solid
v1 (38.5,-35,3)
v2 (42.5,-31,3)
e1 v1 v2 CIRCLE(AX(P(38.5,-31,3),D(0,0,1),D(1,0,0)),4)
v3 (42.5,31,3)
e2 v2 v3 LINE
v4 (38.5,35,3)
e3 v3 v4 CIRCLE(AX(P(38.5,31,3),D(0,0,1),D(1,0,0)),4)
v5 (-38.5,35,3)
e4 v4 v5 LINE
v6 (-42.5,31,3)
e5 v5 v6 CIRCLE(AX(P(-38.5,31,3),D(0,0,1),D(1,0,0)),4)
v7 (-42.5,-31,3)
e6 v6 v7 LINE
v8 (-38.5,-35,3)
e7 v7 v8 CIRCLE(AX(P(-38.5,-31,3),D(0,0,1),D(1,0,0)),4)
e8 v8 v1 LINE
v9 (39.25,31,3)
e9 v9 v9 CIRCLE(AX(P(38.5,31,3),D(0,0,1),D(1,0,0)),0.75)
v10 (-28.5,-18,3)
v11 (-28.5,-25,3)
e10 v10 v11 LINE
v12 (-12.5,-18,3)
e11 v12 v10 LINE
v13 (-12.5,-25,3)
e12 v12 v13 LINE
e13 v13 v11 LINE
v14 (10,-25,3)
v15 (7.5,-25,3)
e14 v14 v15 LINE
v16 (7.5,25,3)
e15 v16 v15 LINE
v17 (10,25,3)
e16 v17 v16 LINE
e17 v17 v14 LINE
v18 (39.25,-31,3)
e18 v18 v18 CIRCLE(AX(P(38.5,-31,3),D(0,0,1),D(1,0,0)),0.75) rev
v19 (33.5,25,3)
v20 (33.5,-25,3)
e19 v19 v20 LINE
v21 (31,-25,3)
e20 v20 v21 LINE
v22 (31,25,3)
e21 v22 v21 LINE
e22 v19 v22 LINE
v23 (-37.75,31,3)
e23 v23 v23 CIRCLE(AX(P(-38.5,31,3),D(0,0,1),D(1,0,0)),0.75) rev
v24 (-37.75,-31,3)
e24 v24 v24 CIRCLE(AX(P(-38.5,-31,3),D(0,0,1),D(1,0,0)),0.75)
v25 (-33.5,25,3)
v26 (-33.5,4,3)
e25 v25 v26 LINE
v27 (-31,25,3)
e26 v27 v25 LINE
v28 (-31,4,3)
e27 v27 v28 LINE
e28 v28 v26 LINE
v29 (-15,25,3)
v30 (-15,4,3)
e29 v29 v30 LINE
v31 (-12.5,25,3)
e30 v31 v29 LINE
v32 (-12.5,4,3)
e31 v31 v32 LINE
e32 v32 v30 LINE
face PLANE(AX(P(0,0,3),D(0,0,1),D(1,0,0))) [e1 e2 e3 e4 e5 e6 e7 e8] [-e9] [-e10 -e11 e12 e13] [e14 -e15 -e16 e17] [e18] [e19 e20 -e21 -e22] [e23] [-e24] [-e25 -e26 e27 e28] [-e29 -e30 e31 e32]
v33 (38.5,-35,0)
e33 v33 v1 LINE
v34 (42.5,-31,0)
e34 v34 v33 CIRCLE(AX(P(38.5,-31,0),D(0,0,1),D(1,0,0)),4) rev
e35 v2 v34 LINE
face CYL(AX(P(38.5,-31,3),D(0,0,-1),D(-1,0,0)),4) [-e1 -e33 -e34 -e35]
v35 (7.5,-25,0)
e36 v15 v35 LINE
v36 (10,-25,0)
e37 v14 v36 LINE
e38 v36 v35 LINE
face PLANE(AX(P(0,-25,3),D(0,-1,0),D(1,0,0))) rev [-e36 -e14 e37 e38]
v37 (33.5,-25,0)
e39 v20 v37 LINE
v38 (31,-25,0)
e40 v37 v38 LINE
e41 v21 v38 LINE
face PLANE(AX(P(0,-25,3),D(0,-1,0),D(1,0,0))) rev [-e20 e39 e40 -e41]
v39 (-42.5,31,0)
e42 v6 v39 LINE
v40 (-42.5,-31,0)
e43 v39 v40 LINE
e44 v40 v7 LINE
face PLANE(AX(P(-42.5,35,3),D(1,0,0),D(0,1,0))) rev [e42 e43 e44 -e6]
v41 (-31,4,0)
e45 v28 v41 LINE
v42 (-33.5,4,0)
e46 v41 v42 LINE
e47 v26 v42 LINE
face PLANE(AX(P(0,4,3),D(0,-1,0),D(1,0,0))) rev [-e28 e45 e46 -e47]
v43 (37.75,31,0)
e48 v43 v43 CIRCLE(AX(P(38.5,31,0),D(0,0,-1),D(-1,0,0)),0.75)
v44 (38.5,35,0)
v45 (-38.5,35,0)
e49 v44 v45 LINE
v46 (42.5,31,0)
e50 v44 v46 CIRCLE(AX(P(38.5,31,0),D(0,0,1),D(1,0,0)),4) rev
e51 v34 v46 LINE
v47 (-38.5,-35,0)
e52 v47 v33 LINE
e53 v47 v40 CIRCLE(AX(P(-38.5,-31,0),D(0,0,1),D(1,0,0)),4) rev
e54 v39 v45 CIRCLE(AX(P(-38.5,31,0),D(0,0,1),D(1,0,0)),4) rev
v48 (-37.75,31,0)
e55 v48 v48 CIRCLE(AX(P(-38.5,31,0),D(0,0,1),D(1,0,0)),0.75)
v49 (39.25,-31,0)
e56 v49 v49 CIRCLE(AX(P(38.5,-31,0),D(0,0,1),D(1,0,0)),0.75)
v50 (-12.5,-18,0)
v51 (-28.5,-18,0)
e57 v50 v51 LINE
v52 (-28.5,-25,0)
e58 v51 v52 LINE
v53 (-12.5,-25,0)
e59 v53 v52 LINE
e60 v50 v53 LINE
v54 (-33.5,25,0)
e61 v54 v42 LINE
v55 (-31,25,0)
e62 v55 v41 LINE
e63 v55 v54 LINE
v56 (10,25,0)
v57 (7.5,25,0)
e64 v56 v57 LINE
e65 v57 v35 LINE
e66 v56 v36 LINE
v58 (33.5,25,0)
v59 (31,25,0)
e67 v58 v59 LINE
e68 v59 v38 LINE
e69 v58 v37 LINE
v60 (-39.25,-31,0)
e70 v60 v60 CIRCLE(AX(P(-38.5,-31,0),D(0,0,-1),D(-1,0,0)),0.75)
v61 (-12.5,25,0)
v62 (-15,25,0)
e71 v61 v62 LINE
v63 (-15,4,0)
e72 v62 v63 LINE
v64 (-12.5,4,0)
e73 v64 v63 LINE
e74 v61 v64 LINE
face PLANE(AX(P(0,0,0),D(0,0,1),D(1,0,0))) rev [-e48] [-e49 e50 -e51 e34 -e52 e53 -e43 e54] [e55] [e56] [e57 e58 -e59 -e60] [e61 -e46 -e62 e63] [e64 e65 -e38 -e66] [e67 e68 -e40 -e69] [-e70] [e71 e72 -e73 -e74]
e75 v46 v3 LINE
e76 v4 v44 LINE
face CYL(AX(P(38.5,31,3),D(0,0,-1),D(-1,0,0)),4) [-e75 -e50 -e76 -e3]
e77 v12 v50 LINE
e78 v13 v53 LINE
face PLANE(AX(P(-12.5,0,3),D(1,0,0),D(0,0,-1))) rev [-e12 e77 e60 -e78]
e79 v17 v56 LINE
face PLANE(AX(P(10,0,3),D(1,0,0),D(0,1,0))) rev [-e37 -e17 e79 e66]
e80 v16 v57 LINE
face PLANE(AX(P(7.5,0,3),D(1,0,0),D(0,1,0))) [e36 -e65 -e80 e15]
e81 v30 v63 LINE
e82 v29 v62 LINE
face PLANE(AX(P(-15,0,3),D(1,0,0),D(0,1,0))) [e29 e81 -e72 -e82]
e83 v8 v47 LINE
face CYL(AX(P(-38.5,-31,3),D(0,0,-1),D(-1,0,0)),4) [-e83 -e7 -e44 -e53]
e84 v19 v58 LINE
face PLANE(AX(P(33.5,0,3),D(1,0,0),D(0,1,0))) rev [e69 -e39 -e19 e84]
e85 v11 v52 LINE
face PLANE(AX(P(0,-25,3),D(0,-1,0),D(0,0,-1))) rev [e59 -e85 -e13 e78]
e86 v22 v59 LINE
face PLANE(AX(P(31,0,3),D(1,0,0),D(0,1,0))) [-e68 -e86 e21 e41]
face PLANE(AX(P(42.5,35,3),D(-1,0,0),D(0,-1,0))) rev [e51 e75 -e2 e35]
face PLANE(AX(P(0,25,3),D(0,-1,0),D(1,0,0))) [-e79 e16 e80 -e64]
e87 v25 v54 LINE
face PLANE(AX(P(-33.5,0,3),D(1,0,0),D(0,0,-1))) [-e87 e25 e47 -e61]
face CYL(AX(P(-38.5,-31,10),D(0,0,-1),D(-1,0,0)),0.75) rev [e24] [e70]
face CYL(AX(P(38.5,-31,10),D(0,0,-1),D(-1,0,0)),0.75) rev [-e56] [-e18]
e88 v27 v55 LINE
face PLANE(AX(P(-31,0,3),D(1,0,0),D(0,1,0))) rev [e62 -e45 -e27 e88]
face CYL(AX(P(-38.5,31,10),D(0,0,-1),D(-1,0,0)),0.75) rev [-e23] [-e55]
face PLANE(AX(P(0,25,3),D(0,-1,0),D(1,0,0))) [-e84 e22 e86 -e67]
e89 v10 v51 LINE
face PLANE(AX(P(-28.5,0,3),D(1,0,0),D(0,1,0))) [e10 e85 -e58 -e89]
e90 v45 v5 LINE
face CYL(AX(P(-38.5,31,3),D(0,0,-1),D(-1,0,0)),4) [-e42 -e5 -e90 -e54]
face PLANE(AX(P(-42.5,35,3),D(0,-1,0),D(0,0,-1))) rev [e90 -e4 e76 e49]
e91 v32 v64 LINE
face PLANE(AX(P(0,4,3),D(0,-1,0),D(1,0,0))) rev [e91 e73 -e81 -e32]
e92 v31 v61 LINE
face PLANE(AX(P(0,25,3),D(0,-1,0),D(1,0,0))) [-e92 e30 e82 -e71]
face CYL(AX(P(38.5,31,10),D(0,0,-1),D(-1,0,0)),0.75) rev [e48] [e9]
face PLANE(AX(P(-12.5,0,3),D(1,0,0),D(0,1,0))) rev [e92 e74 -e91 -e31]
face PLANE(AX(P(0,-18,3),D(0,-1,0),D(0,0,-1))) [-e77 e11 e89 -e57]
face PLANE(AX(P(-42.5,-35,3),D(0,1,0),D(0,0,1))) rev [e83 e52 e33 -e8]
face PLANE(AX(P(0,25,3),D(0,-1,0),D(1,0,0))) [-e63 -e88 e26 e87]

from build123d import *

# Parameters (mm, degrees)
SKETCH1_W           = 85
SKETCH1_H           = 70
BOSS_EXTRUDE1_DEPTH = 3
SKETCH2_W           = 2.5
SKETCH2_H           = 50
SKETCH2_H_2         = 21
SKETCH2_W_2         = 16
SKETCH2_H_3         = 7
CUT_EXTRUDE1_DEPTH  = 56.138462075
FILLET1_R           = 4
SKETCH4_R           = 0.75
CUT_EXTRUDE3_DEPTH  = 10


with BuildPart() as part:
    # Sketch1 → Boss-Extrude1 (new body)
    with BuildSketch(Plane.XY):
        Rectangle(SKETCH1_W, SKETCH1_H)
    extrude(amount=BOSS_EXTRUDE1_DEPTH)

    # Sketch2 → Cut-Extrude1 (cut, through all)
    with BuildSketch(Plane(origin=(0, 0, 0), x_dir=(-1, 0, 0), z_dir=(0, 0, -1))):
        with Locations((-32.25, 0)):
            Rectangle(SKETCH2_W, SKETCH2_H)
        with Locations((-8.75, 0)):
            Rectangle(SKETCH2_W, SKETCH2_H)
        with Locations((13.75, 14.5)):
            Rectangle(SKETCH2_W, SKETCH2_H_2)
        with Locations((32.25, 14.5)):
            Rectangle(SKETCH2_W, SKETCH2_H_2)
        with Locations((20.5, -21.5)):
            Rectangle(SKETCH2_W_2, SKETCH2_H_3)
    extrude(amount=-CUT_EXTRUDE1_DEPTH, mode=Mode.SUBTRACT)

    # Fillet1
    fillet1_edges = [part.edges().sort_by_distance(p)[0] for p in [
        (42.5, -35, 1.5),
        (-42.5, -35, 1.5),
        (-42.5, 35, 1.5),
        (42.5, 35, 1.5),
    ]]
    fillet(fillet1_edges, radius=FILLET1_R)

    # Sketch4 → Cut-Extrude3 (cut)
    with BuildSketch(Plane(origin=(0, 0, 0), x_dir=(-1, 0, 0), z_dir=(0, 0, -1))):
        with Locations((-38.5, 31)):
            Circle(SKETCH4_R)
        with Locations(Location((38.5, 31, 0), (0, 0, 180))):
            Circle(SKETCH4_R)
        with Locations((38.5, -31)):
            Circle(SKETCH4_R)
        with Locations(Location((-38.5, -31, 0), (0, 0, 180))):
            Circle(SKETCH4_R)
    extrude(amount=-CUT_EXTRUDE3_DEPTH, mode=Mode.SUBTRACT)


solid = part.part
